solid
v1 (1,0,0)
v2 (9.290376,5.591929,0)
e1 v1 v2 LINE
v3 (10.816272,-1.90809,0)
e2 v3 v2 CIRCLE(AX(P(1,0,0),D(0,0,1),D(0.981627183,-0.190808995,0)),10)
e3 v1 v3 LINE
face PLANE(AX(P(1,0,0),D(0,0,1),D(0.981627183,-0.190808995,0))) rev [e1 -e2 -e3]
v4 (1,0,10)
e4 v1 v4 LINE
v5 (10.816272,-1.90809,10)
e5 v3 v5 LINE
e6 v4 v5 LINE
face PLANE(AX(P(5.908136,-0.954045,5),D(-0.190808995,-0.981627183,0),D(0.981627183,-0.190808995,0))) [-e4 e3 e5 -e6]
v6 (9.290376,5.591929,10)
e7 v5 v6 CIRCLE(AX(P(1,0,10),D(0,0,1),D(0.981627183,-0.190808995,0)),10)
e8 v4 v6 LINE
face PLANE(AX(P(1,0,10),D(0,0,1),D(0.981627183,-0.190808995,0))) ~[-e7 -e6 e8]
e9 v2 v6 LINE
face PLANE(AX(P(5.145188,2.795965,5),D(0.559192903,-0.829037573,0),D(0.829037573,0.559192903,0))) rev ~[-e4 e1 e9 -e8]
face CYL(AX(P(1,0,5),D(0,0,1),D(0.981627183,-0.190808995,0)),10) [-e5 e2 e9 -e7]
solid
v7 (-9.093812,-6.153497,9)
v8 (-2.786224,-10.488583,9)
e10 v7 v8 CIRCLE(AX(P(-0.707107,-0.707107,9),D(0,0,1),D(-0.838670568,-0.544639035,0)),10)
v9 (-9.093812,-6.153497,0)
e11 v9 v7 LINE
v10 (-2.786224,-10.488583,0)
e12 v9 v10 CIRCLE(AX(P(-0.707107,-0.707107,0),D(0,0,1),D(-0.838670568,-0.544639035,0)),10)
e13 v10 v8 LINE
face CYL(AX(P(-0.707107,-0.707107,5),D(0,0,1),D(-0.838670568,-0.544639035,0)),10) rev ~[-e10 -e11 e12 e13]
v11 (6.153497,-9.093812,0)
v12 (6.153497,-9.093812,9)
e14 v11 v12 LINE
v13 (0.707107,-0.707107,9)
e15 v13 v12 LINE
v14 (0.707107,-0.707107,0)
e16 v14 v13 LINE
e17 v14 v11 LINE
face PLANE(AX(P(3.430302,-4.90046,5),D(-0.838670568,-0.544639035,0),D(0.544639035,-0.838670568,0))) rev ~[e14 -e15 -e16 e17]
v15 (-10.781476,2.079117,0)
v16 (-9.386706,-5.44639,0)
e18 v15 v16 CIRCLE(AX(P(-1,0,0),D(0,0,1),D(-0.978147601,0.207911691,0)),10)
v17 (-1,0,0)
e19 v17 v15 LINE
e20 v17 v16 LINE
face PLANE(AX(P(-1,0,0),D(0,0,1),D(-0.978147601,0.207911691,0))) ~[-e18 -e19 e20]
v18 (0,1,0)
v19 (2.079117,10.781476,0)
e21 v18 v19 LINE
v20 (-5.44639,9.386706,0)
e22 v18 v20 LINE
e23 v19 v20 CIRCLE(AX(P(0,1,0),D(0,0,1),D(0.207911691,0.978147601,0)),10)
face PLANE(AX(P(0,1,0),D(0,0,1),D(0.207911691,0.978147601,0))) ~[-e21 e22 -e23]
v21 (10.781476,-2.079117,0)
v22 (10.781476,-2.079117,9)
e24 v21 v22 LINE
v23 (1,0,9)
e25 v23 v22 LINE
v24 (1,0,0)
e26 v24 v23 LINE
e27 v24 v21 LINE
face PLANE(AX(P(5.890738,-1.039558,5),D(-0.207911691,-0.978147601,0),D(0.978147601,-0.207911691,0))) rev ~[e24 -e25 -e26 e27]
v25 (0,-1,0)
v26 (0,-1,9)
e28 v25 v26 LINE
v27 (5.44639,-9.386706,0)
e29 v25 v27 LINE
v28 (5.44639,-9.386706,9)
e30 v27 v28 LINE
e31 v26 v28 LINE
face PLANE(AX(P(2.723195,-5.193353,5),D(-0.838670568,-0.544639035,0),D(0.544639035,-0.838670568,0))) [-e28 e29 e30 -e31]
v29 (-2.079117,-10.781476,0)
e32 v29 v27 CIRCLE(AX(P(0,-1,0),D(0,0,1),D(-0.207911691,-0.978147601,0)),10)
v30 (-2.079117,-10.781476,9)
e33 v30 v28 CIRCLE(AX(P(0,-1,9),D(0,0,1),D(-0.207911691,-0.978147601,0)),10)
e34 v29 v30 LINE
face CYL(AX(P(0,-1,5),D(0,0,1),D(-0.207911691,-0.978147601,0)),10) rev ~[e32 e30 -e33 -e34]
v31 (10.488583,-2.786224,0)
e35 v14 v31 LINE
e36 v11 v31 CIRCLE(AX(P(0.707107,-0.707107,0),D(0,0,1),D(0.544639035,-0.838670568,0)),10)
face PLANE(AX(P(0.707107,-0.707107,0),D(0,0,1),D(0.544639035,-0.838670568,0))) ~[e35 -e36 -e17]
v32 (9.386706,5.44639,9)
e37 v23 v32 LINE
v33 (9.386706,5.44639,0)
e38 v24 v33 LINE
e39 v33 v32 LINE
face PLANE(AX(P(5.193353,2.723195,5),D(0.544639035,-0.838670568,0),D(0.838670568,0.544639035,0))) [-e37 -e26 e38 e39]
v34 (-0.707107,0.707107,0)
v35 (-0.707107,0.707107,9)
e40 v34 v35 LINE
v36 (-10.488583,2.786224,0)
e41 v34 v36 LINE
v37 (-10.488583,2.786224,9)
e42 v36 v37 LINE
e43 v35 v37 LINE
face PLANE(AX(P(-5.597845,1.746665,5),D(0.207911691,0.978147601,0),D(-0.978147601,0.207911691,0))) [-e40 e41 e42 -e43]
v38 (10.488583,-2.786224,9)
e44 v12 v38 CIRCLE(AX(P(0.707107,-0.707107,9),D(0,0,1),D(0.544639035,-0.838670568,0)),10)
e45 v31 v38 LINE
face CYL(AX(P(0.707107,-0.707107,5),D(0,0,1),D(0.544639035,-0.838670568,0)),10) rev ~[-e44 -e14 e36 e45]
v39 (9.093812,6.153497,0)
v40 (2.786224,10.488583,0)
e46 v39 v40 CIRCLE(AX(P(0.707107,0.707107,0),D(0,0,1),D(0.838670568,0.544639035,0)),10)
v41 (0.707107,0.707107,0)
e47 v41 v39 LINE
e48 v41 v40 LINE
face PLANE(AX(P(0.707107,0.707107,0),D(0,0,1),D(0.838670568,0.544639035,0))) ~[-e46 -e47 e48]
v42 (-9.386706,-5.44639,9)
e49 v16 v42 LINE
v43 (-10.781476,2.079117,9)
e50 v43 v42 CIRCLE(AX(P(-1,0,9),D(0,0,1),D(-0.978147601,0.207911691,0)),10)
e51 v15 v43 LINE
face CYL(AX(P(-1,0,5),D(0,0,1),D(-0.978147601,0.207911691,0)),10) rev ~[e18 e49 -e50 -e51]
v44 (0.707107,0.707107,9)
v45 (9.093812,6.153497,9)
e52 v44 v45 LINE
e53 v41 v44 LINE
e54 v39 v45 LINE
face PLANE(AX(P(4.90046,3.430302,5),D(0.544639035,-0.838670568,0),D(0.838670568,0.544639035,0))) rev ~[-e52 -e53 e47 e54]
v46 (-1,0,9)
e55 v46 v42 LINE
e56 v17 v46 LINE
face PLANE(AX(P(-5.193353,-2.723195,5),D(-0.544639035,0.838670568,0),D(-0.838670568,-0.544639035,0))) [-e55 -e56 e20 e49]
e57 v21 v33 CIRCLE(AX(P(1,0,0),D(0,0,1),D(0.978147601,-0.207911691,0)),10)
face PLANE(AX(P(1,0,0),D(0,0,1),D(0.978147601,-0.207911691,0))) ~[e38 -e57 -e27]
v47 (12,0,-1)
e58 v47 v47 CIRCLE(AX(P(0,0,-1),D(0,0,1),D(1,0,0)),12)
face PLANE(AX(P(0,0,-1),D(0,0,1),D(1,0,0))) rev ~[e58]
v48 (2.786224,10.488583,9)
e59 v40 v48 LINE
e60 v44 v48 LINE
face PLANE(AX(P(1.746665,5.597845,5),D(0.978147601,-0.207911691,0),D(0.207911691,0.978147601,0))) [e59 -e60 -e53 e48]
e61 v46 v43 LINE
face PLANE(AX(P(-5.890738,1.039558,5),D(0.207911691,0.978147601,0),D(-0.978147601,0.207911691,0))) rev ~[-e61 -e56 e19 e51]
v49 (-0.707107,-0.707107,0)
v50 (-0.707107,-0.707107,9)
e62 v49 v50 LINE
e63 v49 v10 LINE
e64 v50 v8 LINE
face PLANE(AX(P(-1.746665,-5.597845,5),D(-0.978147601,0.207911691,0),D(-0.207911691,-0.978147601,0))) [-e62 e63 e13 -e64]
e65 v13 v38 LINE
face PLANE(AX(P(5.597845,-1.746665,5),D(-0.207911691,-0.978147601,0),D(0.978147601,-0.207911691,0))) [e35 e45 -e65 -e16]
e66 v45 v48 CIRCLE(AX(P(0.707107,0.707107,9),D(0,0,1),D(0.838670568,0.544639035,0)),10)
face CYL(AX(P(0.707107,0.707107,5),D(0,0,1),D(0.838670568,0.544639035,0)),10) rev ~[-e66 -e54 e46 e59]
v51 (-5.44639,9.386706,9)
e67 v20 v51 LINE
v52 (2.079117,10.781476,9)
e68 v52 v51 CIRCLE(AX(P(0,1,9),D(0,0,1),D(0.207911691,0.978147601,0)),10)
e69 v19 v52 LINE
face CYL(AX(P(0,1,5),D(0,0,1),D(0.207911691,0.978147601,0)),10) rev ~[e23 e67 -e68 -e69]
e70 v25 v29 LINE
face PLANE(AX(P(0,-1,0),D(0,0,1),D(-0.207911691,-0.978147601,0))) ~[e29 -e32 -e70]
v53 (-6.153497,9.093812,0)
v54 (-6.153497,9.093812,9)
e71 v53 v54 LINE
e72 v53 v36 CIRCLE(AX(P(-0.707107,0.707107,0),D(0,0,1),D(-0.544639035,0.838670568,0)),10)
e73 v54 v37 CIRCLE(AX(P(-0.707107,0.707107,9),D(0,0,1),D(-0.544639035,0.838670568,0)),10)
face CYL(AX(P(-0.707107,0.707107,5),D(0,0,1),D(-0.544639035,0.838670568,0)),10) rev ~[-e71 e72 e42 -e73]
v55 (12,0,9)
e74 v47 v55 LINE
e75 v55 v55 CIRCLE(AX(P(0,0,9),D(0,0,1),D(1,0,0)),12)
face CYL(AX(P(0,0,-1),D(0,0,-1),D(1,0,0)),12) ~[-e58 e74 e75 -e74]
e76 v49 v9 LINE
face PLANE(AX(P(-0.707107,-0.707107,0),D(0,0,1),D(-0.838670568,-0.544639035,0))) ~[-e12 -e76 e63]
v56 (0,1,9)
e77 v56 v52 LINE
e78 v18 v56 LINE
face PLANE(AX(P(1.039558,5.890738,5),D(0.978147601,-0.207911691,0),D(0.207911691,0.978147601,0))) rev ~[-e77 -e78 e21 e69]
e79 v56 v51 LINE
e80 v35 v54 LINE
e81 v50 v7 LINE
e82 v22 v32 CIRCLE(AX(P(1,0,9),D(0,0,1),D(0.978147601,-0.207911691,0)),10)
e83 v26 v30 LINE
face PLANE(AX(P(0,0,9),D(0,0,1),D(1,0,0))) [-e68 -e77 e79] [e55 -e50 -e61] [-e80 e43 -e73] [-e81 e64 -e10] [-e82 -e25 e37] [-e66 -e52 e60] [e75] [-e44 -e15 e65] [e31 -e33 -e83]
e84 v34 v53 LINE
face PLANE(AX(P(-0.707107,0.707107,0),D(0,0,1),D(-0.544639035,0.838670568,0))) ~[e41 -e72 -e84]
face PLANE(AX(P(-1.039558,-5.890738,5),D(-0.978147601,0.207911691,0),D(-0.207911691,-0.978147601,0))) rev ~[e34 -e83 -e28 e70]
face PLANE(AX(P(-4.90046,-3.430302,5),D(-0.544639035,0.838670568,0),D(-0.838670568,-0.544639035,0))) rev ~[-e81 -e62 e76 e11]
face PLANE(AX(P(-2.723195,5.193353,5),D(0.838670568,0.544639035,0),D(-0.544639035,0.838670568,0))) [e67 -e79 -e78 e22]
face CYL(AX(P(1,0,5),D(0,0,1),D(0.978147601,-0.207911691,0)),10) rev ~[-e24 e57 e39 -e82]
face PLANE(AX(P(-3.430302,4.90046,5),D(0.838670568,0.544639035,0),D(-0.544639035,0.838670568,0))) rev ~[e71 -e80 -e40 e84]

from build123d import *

# Parameters (mm, degrees)
CYLINDER001_W               = 10
CYLINDER001_H               = 10
CYLINDER001_ANGLE           = 45
CYLINDER001_PLACEMENT_ANGLE = 348
ARRAY_COUNT                 = 8
CYLINDER_R                  = 12
CYLINDER_DEPTH              = 10
CYLINDER002_W               = 10
CYLINDER002_H               = 10
CYLINDER002_ANGLE           = 45
CYLINDER002_PLACEMENT_ANGLE = 11


with BuildPart() as triangles_petits:
    # Cylinder001 → Cylinder001 (revolve)
    with BuildSketch(Plane.XZ):
        with Locations((5, 5)):
            Rectangle(CYLINDER001_W, CYLINDER001_H)
    revolve(axis=Axis((0, 0, 0), (0, 0, 1)), revolution_arc=CYLINDER001_ANGLE)


with BuildPart() as triangles_petits_1:
    # Cylinder001 placement: moved
    add(triangles_petits.part.moved(Location((1, 0, 0))).rotate(Axis((1, 0, 0), (0, 0, 1)), CYLINDER001_PLACEMENT_ANGLE))

    # Array: Triangles petits ×8 about axis
    array_axis = Axis((0, 0, 0), (0, 0, 1))


with BuildPart() as triangles_petits_2:
    add(triangles_petits_1.part)
    for i in range(1, ARRAY_COUNT):
        add(triangles_petits_1.part.rotate(array_axis, i * 360 / ARRAY_COUNT))


with BuildPart() as base:
    # Cylinder → Cylinder (new body)
    with BuildSketch(Plane.XY.offset(-1)):
        Circle(CYLINDER_R)
    extrude(amount=CYLINDER_DEPTH)

    # Cut: cut Triangles petits
    add(triangles_petits_2.part, mode=Mode.SUBTRACT)


with BuildPart() as cilindre:
    # Cylinder002 → Cylinder002 (revolve)
    with BuildSketch(Plane.XZ):
        with Locations((5, 5)):
            Rectangle(CYLINDER002_W, CYLINDER002_H)
    revolve(axis=Axis((0, 0, 0), (0, 0, 1)), revolution_arc=CYLINDER002_ANGLE)


with BuildPart() as cilindre_1:
    # Cylinder002 placement: moved
    add(cilindre.part.moved(Location((1, 0, 0))).rotate(Axis((1, 0, 0), (0, 0, -1)), CYLINDER002_PLACEMENT_ANGLE))


solid = Compound([base.part, cilindre_1.part])
